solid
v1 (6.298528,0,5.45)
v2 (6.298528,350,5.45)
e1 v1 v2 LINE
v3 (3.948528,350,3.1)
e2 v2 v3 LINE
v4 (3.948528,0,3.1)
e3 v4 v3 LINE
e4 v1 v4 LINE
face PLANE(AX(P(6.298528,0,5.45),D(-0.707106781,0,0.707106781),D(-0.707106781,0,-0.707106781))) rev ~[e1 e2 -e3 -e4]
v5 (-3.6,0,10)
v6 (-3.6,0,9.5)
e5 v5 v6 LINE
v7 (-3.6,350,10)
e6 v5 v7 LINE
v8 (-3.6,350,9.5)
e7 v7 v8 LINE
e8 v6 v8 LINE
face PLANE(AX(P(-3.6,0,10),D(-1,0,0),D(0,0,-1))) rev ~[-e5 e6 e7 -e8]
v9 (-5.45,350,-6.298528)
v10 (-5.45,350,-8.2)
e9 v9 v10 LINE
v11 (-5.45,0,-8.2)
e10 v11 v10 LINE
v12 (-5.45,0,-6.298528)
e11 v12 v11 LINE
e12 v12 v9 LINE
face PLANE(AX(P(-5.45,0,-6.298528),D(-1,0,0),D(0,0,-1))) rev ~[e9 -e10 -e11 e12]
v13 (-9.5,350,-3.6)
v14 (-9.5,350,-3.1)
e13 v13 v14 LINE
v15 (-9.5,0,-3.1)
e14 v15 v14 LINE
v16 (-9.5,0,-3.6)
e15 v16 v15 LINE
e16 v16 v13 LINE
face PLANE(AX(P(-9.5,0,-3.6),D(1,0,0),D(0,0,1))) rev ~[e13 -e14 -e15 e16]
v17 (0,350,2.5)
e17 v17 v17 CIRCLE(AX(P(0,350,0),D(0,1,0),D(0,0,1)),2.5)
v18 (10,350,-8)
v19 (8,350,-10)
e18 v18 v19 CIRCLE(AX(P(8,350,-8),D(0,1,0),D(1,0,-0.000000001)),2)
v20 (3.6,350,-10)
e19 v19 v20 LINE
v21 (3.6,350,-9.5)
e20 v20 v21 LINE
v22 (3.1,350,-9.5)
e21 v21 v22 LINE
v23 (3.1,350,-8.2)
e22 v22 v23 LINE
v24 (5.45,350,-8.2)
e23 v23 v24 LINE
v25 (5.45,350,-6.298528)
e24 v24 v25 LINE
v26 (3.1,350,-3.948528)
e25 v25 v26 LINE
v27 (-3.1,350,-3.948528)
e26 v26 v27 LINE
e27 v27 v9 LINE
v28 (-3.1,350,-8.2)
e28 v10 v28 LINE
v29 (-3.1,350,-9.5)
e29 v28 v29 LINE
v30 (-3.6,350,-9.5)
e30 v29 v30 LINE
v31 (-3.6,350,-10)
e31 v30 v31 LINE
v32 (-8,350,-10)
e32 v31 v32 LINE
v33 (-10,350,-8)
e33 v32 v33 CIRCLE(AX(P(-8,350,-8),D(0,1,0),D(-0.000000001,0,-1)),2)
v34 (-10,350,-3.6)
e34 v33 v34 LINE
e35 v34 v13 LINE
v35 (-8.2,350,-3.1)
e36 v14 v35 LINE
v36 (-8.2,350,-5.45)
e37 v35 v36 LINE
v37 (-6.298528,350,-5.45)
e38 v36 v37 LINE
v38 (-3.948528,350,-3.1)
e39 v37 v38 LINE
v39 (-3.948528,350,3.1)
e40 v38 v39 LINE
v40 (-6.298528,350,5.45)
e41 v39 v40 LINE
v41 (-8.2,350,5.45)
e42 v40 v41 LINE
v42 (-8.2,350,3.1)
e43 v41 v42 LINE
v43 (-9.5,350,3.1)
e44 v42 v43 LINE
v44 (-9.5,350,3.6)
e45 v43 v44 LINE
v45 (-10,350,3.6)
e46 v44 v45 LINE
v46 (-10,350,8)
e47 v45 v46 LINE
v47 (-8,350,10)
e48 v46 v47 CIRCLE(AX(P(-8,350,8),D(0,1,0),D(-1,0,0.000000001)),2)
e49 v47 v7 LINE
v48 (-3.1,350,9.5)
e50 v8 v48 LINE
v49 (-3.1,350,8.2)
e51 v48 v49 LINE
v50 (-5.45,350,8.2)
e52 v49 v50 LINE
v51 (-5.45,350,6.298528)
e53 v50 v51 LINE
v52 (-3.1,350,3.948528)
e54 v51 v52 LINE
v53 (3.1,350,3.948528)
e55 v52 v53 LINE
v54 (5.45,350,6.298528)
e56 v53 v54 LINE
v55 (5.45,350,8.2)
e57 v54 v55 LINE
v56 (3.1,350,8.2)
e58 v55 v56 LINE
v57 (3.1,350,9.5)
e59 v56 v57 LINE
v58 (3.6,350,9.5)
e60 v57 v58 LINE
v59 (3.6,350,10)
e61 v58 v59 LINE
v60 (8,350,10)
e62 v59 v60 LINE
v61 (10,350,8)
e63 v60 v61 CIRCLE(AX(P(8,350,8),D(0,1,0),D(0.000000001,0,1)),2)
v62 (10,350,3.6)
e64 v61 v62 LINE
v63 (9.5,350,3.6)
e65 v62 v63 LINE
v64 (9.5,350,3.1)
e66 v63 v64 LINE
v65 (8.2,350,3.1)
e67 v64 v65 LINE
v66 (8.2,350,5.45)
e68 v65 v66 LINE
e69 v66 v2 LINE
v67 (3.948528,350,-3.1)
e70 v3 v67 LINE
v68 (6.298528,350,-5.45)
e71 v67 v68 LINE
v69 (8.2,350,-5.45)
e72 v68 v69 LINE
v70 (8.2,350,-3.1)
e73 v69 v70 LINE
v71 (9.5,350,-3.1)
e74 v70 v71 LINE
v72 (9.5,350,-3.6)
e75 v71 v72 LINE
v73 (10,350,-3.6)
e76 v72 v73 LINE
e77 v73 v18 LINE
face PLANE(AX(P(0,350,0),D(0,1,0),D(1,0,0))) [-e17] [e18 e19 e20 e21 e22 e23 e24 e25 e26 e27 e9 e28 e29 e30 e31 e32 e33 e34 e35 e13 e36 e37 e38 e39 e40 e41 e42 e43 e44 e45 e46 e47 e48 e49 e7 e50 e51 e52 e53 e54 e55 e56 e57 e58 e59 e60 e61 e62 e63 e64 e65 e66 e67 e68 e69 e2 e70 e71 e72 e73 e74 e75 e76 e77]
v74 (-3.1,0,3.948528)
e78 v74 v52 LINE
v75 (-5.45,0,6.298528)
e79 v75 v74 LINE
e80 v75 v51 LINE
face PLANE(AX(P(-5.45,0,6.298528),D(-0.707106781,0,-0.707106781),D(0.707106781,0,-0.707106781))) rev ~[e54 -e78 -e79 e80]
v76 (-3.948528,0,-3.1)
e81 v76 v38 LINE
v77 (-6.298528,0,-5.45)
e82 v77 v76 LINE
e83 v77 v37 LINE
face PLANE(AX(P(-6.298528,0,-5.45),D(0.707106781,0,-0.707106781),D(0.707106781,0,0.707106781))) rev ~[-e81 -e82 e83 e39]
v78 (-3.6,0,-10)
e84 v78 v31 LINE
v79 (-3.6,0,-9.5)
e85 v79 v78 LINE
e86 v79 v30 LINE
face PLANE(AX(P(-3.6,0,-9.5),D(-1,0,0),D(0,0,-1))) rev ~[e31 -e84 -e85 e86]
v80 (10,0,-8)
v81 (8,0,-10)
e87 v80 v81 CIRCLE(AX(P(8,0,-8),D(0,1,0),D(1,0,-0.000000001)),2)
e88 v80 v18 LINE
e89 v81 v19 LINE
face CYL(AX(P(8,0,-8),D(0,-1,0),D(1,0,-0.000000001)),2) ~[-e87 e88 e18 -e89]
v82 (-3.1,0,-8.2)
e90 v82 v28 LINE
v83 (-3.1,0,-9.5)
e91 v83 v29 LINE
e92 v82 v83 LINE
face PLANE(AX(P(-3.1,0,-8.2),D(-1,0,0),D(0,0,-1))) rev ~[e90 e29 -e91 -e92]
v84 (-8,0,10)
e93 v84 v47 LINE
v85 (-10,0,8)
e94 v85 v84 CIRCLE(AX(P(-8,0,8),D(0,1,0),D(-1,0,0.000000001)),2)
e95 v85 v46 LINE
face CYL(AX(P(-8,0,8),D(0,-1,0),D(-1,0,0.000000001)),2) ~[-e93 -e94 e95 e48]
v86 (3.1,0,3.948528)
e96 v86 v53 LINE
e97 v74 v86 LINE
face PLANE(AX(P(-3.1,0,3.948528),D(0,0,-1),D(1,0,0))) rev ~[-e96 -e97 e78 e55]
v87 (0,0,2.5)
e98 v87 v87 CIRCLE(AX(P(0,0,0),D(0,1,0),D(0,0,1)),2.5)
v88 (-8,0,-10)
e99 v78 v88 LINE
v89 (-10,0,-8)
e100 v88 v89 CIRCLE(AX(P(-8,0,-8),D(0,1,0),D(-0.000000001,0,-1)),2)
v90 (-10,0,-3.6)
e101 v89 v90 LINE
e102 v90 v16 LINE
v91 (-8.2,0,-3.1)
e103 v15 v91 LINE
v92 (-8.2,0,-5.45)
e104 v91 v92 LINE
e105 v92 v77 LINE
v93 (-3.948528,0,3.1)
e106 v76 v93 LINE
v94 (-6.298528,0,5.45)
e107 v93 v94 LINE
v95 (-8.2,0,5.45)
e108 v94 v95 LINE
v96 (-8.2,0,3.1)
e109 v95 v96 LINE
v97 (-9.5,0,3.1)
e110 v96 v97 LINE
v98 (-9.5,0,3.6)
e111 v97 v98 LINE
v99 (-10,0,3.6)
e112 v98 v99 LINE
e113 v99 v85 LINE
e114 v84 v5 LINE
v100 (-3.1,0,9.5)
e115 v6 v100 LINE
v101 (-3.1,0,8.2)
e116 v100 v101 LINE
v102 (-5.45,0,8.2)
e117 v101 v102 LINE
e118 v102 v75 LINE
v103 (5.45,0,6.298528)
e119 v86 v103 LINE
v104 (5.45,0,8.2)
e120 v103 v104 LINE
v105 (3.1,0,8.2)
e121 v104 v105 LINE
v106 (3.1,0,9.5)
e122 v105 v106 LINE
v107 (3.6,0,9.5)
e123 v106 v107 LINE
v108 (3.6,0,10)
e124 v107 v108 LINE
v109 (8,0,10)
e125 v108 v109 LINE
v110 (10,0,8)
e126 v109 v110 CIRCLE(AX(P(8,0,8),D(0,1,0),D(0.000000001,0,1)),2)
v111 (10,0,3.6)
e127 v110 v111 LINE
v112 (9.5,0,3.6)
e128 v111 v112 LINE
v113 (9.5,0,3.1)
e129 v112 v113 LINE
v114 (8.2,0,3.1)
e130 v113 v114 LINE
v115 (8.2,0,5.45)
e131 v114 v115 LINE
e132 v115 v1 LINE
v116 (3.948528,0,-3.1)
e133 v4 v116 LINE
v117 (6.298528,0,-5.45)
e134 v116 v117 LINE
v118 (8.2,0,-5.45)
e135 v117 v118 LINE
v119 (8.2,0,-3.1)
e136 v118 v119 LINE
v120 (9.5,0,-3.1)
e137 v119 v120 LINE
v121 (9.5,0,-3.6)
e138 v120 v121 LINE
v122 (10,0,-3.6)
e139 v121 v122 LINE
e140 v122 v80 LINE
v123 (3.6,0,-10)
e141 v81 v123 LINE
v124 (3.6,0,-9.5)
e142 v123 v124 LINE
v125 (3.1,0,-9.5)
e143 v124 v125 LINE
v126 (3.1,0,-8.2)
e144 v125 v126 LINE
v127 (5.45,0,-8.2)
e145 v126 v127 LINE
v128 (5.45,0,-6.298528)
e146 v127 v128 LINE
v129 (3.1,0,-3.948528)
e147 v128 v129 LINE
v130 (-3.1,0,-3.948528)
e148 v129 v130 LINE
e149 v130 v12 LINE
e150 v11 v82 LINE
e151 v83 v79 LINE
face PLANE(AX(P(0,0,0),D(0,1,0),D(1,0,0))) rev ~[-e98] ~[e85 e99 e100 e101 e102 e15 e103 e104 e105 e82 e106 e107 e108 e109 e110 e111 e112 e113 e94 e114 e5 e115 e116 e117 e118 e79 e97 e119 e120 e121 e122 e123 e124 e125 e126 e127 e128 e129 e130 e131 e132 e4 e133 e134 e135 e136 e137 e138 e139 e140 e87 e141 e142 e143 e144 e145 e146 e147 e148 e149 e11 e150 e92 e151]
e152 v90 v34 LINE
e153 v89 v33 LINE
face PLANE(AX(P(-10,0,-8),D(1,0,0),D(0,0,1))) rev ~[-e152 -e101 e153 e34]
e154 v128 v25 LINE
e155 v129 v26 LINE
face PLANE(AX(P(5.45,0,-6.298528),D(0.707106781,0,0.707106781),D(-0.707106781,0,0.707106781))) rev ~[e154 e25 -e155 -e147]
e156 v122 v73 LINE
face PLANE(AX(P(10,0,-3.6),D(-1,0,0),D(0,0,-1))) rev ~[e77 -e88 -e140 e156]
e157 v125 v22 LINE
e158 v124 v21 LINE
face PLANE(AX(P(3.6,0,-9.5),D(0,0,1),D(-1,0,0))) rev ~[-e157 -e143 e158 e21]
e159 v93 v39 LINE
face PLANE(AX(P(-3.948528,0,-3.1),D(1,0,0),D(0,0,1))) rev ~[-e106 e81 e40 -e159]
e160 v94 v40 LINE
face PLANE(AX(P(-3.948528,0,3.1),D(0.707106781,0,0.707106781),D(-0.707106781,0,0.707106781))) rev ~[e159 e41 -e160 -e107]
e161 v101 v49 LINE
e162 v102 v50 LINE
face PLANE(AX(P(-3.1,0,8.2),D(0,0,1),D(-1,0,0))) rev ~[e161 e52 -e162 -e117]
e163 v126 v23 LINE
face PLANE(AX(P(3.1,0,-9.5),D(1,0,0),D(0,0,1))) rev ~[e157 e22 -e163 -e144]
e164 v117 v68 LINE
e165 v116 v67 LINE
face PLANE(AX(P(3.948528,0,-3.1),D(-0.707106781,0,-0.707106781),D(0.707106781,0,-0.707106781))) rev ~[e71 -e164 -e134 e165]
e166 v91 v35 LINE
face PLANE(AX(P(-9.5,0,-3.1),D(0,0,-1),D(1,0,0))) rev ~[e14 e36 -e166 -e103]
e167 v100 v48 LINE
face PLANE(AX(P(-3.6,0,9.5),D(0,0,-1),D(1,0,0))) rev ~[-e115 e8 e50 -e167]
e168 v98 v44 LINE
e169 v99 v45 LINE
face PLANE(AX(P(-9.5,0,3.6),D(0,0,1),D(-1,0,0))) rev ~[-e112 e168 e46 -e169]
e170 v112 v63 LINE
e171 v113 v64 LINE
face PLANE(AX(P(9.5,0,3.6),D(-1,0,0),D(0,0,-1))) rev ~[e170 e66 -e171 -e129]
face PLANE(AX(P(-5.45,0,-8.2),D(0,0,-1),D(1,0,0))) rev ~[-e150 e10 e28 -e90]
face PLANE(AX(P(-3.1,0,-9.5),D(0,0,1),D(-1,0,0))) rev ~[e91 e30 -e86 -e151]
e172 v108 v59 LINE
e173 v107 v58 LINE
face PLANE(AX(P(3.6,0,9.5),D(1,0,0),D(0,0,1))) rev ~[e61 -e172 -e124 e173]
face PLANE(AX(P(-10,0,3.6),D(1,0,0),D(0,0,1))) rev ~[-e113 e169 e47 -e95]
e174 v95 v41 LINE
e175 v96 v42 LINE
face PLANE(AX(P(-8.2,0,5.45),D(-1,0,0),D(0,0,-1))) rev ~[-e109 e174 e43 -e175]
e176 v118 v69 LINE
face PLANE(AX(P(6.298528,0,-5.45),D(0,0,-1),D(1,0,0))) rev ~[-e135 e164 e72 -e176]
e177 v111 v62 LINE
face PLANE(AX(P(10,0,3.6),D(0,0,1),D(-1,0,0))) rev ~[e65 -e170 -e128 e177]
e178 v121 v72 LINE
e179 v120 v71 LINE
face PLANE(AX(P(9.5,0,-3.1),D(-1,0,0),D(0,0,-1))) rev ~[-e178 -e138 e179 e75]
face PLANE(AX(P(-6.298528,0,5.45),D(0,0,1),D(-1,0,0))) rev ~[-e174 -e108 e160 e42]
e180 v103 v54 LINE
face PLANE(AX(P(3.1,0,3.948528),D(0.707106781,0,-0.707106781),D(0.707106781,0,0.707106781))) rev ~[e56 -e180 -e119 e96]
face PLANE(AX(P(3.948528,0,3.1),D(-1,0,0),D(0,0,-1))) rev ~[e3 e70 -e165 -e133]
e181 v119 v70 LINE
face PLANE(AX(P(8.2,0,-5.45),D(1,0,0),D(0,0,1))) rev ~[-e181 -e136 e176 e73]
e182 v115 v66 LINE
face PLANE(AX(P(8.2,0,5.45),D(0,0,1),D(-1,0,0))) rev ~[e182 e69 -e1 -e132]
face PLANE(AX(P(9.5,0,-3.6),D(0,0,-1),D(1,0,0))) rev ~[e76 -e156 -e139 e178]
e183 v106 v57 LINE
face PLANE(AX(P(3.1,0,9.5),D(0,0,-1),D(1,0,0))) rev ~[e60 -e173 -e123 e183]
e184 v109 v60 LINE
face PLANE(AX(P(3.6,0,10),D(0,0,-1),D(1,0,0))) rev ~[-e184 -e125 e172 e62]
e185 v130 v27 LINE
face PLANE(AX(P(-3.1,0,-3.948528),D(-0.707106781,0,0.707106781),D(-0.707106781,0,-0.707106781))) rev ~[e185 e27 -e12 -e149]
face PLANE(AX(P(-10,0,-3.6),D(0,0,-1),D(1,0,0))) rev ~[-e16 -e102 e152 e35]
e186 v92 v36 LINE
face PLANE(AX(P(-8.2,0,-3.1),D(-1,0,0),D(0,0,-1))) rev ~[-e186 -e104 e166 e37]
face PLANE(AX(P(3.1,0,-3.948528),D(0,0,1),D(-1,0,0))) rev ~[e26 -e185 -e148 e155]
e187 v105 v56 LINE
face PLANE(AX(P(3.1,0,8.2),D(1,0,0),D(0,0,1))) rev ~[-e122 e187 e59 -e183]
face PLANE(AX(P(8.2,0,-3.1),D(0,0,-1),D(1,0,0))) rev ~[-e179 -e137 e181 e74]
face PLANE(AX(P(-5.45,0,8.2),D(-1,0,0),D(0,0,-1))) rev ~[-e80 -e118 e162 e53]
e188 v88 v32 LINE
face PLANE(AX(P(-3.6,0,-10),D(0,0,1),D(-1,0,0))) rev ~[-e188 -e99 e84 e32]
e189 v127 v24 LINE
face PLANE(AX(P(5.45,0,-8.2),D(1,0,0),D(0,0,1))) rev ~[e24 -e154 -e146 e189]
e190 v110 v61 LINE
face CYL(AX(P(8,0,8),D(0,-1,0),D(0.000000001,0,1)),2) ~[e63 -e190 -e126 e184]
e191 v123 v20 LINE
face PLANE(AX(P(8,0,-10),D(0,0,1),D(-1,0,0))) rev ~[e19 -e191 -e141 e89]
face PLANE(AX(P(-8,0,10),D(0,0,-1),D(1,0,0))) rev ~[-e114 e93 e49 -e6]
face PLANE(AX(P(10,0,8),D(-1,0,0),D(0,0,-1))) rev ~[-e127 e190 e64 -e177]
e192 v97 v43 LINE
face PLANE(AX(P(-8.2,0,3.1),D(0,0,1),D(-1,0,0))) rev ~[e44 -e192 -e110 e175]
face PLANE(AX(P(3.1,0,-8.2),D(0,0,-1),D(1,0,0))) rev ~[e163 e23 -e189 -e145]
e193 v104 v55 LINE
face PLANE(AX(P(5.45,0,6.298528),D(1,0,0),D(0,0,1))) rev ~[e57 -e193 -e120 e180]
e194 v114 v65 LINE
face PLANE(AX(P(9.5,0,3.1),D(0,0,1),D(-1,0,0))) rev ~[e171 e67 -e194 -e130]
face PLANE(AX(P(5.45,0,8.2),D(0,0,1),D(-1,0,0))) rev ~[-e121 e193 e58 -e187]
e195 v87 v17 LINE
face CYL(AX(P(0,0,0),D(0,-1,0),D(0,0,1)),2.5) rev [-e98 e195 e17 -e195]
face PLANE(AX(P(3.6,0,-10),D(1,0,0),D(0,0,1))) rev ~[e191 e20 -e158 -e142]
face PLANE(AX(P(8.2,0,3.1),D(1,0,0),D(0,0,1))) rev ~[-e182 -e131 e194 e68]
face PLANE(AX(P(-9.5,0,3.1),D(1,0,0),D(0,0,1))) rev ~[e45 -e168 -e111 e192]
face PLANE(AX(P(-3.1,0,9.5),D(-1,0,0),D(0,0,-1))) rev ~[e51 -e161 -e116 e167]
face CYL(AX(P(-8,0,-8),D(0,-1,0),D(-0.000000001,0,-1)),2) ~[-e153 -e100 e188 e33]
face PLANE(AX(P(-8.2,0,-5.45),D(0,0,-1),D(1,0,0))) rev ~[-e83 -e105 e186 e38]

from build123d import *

# Parameters (mm, degrees)
SKETCH_1_R      = 2.5
EXTRUDE_1_DEPTH = 350


with BuildPart() as part:
    # 草图1 → 凸台-拉伸1 (new body)
    with BuildSketch(Plane(origin=(0, 0, 0), x_dir=(1, 0, 0), z_dir=(0, 1, 0))):
        with BuildLine():
            Line((-3.948528137, -3.1), (-6.298528137, -5.45))
            Line((-6.298528137, -5.45), (-8.2, -5.45))
            Line((-8.2, -5.45), (-8.2, -3.1))
            Line((-8.2, -3.1), (-9.5, -3.1))
            Line((-9.5, -3.1), (-9.5, -3.6))
            Line((-9.5, -3.6), (-10, -3.6))
            Line((-10, -3.6), (-10, -8))
            ThreePointArc((-10, -8), (-9.414213562, -9.414213562), (-8, -10))
            Line((-8, -10), (-3.6, -10))
            Line((-3.6, -10), (-3.6, -9.5))
            Line((-3.6, -9.5), (-3.1, -9.5))
            Line((-3.1, -9.5), (-3.1, -8.2))
            Line((-3.1, -8.2), (-5.45, -8.2))
            Line((-5.45, -8.2), (-5.45, -6.298528137))
            Line((-5.45, -6.298528137), (-3.1, -3.948528137))
            Line((-3.1, -3.948528137), (0, -3.948528137))
            Line((0, -3.948528137), (3.1, -3.948528137))
            Line((3.1, -3.948528137), (5.45, -6.298528137))
            Line((5.45, -6.298528137), (5.45, -8.2))
            Line((5.45, -8.2), (3.1, -8.2))
            Line((3.1, -8.2), (3.1, -9.5))
            Line((3.1, -9.5), (3.6, -9.5))
            Line((3.6, -9.5), (3.6, -10))
            Line((3.6, -10), (8, -10))
            ThreePointArc((8, -10), (9.414213562, -9.414213562), (10, -8))
            Line((10, -8), (10, -3.6))
            Line((10, -3.6), (9.5, -3.6))
            Line((9.5, -3.6), (9.5, -3.1))
            Line((9.5, -3.1), (8.2, -3.1))
            Line((8.2, -3.1), (8.2, -5.45))
            Line((8.2, -5.45), (6.298528137, -5.45))
            Line((6.298528137, -5.45), (3.948528137, -3.1))
            Line((3.948528137, -3.1), (3.948528137, 0))
            Line((3.948528137, 0), (3.948528137, 3.1))
            Line((3.948528137, 3.1), (6.298528137, 5.45))
            Line((6.298528137, 5.45), (8.2, 5.45))
            Line((8.2, 5.45), (8.2, 3.1))
            Line((8.2, 3.1), (9.5, 3.1))
            Line((9.5, 3.1), (9.5, 3.6))
            Line((9.5, 3.6), (10, 3.6))
            Line((10, 3.6), (10, 8))
            ThreePointArc((10, 8), (9.414213562, 9.414213562), (8, 10))
            Line((8, 10), (3.6, 10))
            Line((3.6, 10), (3.6, 9.5))
            Line((3.6, 9.5), (3.1, 9.5))
            Line((3.1, 9.5), (3.1, 8.2))
            Line((3.1, 8.2), (5.45, 8.2))
            Line((5.45, 8.2), (5.45, 6.298528137))
            Line((5.45, 6.298528137), (3.1, 3.948528137))
            Line((3.1, 3.948528137), (0, 3.948528137))
            Line((0, 3.948528137), (-3.1, 3.948528137))
            Line((-3.1, 3.948528137), (-5.45, 6.298528137))
            Line((-5.45, 6.298528137), (-5.45, 8.2))
            Line((-5.45, 8.2), (-3.1, 8.2))
            Line((-3.1, 8.2), (-3.1, 9.5))
            Line((-3.1, 9.5), (-3.6, 9.5))
            Line((-3.6, 9.5), (-3.6, 10))
            Line((-3.6, 10), (-8, 10))
            ThreePointArc((-8, 10), (-9.414213562, 9.414213562), (-10, 8))
            Line((-10, 8), (-10, 3.6))
            Line((-10, 3.6), (-9.5, 3.6))
            Line((-9.5, 3.6), (-9.5, 3.1))
            Line((-9.5, 3.1), (-8.2, 3.1))
            Line((-8.2, 3.1), (-8.2, 5.45))
            Line((-8.2, 5.45), (-6.298528137, 5.45))
            Line((-6.298528137, 5.45), (-3.948528137, 3.1))
            Line((-3.948528137, 3.1), (-3.948528137, 0))
            Line((-3.948528137, 0), (-3.948528137, -3.1))
        make_face()
        with Locations(Location((0, 0, 0), (0, 0, 270))):
            Circle(SKETCH_1_R, mode=Mode.SUBTRACT)
    extrude(amount=EXTRUDE_1_DEPTH)


solid = part.part
